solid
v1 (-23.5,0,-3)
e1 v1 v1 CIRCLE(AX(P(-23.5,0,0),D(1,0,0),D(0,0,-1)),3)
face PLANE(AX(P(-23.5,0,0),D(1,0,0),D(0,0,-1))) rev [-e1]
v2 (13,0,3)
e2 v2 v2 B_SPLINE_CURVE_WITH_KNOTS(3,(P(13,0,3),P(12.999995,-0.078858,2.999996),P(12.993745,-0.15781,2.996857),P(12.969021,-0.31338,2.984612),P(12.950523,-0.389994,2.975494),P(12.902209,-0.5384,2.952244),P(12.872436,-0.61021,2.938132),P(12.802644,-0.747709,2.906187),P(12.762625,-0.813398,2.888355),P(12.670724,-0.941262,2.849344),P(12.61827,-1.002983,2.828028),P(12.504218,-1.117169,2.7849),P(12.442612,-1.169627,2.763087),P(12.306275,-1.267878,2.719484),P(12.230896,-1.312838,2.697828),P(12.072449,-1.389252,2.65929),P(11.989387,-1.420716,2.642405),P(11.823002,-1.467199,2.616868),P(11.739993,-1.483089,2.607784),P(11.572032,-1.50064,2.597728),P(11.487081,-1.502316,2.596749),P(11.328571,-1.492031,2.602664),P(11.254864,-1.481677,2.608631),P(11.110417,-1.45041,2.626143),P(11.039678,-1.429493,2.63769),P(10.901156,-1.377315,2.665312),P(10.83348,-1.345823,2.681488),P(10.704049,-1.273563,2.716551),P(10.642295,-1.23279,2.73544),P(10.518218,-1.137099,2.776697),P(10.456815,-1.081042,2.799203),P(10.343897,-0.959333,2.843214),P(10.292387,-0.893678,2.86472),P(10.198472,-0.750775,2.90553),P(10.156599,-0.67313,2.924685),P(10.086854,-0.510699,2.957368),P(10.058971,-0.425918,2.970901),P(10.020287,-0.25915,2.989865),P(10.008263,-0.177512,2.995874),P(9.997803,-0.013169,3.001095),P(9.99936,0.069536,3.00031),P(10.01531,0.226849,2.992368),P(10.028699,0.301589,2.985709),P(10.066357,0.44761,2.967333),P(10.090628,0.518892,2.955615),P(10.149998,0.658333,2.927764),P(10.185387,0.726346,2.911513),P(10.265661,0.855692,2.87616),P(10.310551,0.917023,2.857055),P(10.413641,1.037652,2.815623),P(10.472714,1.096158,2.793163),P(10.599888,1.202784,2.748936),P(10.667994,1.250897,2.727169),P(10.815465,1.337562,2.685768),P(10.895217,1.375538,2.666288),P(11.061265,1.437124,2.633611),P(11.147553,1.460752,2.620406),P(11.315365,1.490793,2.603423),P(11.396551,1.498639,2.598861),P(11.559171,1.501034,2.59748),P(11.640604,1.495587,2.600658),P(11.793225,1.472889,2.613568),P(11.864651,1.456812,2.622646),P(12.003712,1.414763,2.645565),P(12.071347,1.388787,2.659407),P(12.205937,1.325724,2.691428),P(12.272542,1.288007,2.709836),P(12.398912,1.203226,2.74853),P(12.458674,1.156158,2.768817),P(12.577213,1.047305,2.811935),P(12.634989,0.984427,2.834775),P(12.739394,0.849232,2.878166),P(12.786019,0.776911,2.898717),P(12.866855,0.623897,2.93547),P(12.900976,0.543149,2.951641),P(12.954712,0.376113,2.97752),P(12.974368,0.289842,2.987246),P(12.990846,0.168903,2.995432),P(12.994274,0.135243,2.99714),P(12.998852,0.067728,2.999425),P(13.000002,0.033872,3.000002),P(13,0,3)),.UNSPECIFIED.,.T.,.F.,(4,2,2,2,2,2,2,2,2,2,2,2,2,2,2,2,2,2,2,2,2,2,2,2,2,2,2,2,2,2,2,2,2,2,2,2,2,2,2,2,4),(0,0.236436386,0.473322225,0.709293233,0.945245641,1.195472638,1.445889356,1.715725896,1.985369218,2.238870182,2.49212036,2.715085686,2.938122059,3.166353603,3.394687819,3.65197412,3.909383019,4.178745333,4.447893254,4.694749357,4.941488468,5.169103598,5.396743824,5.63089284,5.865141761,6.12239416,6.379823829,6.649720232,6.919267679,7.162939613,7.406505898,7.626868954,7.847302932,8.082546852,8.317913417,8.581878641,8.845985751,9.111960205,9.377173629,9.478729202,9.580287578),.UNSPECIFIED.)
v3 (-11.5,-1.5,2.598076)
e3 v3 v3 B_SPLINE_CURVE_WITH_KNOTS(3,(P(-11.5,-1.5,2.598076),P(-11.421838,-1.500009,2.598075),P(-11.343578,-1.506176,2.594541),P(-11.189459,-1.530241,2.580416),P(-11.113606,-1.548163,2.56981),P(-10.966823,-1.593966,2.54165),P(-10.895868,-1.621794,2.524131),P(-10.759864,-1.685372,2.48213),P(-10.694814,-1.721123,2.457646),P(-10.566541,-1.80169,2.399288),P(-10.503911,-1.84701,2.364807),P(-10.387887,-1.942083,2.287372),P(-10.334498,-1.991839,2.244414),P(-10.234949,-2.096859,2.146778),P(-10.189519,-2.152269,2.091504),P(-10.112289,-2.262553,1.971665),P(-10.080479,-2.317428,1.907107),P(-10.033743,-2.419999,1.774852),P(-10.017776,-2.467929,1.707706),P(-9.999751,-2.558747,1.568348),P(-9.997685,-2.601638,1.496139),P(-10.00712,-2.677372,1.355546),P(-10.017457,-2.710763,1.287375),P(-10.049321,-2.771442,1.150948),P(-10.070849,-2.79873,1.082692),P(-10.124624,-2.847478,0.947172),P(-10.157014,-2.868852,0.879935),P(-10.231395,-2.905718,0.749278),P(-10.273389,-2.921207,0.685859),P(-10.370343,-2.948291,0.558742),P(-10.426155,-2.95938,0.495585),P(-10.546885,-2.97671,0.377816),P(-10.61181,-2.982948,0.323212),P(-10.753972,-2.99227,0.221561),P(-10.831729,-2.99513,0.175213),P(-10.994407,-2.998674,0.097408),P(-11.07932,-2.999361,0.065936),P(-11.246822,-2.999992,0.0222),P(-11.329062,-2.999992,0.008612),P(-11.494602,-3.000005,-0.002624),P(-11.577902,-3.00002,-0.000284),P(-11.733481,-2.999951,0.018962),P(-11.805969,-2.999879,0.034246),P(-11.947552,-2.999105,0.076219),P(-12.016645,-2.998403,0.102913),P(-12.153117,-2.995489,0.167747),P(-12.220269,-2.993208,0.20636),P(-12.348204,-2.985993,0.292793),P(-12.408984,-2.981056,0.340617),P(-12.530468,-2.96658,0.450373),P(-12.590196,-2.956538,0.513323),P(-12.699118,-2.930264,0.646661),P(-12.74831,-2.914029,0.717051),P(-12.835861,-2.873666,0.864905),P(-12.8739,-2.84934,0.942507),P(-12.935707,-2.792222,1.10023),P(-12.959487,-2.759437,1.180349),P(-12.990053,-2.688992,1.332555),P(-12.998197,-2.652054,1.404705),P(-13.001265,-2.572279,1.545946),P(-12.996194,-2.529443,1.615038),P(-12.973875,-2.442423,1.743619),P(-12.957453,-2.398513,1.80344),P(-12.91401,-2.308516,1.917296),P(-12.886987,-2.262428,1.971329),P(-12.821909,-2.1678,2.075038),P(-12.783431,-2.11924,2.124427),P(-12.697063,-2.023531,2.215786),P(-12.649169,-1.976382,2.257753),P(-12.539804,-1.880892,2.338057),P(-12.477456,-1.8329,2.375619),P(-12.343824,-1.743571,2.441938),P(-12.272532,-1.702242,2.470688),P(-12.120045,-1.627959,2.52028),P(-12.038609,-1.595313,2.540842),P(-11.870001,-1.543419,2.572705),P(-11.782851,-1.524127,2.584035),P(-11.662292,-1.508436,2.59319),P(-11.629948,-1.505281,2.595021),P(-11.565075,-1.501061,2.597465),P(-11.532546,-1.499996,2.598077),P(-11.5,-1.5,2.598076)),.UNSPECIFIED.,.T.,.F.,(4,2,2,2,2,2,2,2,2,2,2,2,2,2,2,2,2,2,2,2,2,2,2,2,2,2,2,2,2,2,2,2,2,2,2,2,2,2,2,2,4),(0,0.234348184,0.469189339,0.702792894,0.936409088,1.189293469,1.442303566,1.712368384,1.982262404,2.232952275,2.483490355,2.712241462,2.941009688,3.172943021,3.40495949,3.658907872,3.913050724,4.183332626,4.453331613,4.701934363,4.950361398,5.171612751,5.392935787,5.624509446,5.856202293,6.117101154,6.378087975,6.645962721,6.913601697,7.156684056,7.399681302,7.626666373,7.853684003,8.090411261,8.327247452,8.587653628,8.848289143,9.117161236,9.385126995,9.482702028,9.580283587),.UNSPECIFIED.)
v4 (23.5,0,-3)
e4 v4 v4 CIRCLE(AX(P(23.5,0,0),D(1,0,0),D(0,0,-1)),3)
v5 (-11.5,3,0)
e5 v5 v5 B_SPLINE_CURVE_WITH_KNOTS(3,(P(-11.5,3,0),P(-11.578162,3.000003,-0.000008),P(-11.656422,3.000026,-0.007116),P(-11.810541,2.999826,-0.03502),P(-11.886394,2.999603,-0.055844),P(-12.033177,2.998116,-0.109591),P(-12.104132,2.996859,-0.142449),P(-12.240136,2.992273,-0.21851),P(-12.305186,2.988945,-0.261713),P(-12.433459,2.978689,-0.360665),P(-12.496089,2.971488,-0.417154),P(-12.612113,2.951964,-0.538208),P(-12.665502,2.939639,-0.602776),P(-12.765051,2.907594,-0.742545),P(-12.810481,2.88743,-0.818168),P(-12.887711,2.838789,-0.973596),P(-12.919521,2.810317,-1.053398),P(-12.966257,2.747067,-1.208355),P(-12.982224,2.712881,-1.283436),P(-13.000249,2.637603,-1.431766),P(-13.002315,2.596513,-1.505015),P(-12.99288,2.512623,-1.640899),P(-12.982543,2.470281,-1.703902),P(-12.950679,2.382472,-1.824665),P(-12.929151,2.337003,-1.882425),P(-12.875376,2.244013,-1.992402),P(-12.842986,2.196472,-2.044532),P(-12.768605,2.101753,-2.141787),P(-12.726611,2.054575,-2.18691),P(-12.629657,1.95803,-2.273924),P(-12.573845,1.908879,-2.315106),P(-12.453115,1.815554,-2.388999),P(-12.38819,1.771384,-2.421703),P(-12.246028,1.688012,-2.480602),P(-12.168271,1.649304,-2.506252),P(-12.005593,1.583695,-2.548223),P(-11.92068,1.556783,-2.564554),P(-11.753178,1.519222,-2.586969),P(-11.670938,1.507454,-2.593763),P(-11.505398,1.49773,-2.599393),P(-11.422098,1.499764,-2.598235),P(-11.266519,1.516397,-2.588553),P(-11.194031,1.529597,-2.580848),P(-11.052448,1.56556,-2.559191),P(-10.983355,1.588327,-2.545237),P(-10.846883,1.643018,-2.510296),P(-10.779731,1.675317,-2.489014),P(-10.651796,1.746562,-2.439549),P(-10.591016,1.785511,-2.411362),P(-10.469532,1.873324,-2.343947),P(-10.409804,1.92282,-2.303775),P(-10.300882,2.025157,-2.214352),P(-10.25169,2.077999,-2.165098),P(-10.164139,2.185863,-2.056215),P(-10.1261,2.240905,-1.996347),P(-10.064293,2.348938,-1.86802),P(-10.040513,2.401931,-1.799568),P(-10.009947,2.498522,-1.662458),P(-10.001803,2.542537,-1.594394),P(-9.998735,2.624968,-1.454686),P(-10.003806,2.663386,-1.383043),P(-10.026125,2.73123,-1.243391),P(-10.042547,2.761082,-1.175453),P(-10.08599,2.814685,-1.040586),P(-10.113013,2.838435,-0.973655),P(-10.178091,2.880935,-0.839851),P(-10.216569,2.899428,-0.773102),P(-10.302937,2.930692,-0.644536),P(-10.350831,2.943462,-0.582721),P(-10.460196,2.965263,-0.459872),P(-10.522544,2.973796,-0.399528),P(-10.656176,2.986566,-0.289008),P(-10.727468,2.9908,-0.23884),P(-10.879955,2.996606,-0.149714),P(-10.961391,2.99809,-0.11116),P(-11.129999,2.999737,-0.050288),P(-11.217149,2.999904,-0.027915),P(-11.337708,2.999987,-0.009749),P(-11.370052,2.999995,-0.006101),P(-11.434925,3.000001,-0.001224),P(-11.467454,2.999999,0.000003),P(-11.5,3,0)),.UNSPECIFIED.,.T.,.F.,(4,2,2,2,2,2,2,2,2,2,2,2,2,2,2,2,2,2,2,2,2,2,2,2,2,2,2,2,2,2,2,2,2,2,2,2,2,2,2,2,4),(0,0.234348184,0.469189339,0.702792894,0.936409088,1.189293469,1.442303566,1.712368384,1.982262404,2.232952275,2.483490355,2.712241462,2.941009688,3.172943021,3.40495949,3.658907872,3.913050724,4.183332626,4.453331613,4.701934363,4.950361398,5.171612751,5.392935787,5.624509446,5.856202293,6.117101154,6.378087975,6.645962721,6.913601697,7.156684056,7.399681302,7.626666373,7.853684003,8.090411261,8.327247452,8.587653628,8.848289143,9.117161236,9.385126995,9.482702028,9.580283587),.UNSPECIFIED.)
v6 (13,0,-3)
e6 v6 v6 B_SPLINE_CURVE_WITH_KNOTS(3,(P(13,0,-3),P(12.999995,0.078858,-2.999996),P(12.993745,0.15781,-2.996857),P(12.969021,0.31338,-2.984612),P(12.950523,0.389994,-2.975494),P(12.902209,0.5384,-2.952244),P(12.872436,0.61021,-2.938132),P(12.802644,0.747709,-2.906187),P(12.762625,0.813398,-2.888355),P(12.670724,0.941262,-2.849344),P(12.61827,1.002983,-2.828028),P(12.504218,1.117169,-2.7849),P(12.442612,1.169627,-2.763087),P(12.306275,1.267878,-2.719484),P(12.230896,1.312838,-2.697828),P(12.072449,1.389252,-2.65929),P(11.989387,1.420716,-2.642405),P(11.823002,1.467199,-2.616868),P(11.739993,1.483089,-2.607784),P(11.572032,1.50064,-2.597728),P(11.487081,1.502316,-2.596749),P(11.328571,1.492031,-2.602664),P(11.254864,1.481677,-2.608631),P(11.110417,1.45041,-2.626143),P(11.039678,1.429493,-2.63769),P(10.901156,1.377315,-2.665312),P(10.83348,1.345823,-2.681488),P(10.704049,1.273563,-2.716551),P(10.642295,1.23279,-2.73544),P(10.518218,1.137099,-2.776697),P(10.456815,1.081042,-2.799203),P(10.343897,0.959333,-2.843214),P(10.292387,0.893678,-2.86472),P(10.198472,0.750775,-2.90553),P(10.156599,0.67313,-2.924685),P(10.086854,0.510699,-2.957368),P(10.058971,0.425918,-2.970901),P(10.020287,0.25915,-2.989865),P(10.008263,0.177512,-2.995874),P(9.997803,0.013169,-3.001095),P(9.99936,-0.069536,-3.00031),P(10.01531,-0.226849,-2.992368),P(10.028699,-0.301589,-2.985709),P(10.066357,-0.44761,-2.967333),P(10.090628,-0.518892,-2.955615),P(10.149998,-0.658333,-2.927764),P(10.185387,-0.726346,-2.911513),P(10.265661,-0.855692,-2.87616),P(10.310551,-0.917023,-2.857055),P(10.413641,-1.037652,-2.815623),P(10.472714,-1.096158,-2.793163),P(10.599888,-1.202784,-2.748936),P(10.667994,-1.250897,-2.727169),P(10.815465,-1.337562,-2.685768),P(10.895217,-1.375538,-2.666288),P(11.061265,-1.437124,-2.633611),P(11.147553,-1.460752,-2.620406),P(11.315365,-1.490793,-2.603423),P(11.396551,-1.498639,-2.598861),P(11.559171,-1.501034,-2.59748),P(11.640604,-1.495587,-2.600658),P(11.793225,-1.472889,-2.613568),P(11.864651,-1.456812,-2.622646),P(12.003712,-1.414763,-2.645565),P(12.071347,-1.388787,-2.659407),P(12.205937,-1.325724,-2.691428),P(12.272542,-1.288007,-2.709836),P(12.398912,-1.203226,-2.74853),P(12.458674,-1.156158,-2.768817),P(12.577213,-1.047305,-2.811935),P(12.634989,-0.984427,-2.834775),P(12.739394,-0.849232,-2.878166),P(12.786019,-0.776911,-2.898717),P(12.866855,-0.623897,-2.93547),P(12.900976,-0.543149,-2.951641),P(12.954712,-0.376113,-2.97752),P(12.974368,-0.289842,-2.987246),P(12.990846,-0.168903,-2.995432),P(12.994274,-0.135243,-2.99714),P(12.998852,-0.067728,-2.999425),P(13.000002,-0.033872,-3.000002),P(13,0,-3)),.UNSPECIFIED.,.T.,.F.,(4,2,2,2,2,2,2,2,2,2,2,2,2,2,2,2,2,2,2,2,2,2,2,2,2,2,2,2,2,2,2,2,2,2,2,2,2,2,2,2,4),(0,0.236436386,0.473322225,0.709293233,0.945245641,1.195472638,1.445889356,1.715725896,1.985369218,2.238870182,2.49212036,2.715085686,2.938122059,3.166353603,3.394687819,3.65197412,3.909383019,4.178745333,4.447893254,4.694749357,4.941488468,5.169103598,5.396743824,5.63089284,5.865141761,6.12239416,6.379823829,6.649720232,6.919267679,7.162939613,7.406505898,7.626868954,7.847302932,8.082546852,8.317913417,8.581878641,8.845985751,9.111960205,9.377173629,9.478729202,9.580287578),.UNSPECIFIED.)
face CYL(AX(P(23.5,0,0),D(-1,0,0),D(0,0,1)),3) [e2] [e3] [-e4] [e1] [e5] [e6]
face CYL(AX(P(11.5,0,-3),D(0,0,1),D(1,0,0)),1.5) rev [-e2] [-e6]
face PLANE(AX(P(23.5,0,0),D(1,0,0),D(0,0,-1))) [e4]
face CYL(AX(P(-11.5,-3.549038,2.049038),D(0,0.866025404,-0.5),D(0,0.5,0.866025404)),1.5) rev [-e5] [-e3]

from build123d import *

# Parameters (mm, degrees)
SKETCH1_R               = 3
BOSS_EXTRUDE1_DEPTH     = 23.5
CUT_EXTRUDE1_DEPTH      = 24.879907873
CUT_EXTRUDE1_DEPTH_BACK = 24.879907873
SKETCH2_R               = 1.5
CUT_EXTRUDE2_DEPTH      = 24.879907996
CUT_EXTRUDE2_DEPTH_BACK = 24.879907996
SKETCH3_R               = 1.5


with BuildPart() as part:
    # Sketch1 → Boss-Extrude1 (new, symmetric)
    with BuildSketch(Plane.YZ):
        with Locations(Location((0, 0, 0), (0, 0, 270))):
            Circle(SKETCH1_R)
    extrude(amount=BOSS_EXTRUDE1_DEPTH, both=True)

    # Sketch2 → Cut-Extrude1 (cut, two sides: drawn at the far end of the back side and taken through both)
    with BuildSketch(Plane(origin=(0, 0, 0), x_dir=(0, 1, 0), z_dir=(0, 0, 1)).offset(-CUT_EXTRUDE1_DEPTH_BACK)):
        with Locations(Location((0, -11.5, 0), (0, 0, 270))):
            Circle(SKETCH2_R)
    extrude(amount=CUT_EXTRUDE1_DEPTH + CUT_EXTRUDE1_DEPTH_BACK, mode=Mode.SUBTRACT)

    # Sketch3 → Cut-Extrude2 (cut, two sides: drawn at the far end of the back side and taken through both)
    with BuildSketch(Plane(origin=(0, 0, 0), x_dir=(-1, 0, 0), z_dir=(0, 0.8660254037844364, -0.5000000000000041)).offset(-CUT_EXTRUDE2_DEPTH_BACK)):
        with Locations(Location((11.5, 0, 0), (0, 0, 90))):
            Circle(SKETCH3_R)
    extrude(amount=CUT_EXTRUDE2_DEPTH + CUT_EXTRUDE2_DEPTH_BACK, mode=Mode.SUBTRACT)


solid = part.part
